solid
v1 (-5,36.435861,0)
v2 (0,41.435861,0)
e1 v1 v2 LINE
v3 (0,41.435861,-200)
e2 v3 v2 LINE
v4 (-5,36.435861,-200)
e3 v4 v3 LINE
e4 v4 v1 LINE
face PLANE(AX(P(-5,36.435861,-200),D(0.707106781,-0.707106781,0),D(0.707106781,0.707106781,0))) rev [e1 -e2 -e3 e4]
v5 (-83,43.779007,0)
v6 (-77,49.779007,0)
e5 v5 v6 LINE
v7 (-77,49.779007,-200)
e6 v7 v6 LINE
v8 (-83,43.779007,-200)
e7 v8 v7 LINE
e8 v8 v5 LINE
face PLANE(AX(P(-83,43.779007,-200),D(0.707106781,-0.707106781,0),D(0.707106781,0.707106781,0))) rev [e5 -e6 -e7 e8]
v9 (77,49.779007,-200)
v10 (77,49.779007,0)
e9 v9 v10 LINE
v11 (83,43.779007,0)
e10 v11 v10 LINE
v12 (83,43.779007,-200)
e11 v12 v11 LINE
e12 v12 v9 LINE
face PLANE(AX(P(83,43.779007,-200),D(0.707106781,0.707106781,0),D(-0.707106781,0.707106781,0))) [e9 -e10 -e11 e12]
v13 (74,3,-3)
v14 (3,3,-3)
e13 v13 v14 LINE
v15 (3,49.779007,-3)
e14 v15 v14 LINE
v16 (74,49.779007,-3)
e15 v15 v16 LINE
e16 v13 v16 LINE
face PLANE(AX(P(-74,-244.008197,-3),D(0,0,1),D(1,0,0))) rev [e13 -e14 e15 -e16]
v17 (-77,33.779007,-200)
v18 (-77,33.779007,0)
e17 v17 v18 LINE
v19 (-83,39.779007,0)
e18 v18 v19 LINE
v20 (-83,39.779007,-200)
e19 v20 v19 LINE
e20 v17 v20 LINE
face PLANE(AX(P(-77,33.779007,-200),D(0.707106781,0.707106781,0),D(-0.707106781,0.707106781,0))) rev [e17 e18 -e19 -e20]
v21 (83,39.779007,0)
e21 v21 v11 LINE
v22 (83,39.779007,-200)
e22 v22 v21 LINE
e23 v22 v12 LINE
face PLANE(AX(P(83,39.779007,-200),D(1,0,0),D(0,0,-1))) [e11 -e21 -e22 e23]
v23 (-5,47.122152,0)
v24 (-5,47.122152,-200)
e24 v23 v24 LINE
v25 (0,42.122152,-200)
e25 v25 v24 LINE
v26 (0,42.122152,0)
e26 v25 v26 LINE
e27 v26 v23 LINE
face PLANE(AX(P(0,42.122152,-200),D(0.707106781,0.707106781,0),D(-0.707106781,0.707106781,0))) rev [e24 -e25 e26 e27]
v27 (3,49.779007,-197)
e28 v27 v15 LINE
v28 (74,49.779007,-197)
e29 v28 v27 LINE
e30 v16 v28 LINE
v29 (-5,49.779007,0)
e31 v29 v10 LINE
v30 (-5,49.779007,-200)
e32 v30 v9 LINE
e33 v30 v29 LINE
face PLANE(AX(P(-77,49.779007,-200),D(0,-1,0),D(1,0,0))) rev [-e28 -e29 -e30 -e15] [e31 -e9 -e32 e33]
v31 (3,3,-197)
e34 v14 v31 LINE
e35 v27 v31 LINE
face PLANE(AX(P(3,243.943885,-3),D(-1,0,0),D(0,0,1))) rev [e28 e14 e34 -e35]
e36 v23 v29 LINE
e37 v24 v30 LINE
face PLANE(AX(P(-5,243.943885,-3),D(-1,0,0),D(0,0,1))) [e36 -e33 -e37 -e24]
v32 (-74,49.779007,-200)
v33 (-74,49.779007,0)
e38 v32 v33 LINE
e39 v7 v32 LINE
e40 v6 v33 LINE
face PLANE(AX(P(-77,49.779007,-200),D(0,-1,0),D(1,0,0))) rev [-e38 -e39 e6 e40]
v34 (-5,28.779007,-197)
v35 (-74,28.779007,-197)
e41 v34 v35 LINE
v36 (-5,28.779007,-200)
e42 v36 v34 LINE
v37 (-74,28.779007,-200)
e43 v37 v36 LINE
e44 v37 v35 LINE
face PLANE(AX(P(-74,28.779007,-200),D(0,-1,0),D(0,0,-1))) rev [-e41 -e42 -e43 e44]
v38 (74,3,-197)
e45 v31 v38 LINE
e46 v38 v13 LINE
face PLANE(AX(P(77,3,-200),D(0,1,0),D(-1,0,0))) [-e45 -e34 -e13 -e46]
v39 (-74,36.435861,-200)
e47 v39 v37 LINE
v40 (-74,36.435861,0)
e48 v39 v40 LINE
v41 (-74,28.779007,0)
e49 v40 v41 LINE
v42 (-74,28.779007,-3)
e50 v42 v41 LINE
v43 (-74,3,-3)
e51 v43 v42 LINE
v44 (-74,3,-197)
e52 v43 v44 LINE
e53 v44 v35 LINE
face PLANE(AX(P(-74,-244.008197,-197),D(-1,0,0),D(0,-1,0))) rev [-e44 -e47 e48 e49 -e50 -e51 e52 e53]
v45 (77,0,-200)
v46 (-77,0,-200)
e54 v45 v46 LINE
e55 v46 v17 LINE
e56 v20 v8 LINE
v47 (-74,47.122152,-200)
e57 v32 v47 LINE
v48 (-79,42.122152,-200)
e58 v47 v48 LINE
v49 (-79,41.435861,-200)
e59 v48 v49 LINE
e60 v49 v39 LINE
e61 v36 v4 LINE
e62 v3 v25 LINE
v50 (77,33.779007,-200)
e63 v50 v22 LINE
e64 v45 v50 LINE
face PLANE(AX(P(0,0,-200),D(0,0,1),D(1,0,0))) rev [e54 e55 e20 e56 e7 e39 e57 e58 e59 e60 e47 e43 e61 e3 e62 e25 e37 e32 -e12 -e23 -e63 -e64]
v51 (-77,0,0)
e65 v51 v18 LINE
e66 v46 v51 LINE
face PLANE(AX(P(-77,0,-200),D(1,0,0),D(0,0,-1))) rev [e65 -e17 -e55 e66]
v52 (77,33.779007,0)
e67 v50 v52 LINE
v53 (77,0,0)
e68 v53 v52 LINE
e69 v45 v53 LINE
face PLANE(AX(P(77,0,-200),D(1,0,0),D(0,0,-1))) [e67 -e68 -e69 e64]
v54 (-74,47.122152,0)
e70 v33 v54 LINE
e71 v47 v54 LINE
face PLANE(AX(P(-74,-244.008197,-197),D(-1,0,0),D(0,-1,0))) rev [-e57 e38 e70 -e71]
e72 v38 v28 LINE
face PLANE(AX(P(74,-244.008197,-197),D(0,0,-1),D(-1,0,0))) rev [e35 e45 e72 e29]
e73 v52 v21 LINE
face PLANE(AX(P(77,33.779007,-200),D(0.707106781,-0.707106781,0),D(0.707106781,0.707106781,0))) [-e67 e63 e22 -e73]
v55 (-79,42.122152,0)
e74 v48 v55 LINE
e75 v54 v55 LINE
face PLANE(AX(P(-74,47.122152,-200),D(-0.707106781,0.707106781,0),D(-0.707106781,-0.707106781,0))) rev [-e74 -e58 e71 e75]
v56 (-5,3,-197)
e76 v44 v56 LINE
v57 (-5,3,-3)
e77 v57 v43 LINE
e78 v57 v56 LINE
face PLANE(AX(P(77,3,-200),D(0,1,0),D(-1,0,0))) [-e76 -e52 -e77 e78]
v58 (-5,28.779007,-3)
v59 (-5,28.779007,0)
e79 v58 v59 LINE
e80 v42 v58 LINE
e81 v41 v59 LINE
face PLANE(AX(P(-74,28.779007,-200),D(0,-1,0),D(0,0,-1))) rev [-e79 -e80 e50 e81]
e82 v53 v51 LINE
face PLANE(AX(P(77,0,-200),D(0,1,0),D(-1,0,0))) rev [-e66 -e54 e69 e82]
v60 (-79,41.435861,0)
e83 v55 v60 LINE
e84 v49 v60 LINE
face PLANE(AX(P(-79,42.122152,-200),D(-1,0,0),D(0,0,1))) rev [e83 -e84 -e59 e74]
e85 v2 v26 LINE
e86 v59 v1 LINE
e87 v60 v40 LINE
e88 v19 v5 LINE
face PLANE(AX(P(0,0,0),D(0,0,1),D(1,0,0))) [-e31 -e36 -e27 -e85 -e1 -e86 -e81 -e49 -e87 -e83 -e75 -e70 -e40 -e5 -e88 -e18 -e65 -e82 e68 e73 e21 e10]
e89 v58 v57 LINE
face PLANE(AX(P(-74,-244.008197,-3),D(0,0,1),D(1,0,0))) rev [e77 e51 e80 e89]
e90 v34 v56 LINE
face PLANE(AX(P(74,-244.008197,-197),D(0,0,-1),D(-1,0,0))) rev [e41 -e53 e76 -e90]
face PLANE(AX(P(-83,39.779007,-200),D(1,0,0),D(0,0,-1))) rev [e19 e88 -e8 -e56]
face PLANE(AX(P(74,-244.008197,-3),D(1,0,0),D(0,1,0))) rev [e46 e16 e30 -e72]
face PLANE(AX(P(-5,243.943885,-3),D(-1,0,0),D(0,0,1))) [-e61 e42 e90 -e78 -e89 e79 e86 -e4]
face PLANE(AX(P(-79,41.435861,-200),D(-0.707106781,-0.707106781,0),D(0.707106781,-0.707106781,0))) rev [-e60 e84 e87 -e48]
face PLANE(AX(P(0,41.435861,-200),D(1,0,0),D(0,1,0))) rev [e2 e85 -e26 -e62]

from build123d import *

# Parameters (mm, degrees)
EXTRUDE_1_DEPTH     = 200
SKETCH_2_W          = 148
SKETCH_2_H          = 194
CUT_EXTRUDE_1_DEPTH = 46.779006664
SKETCH_3_W          = 8
SKETCH_3_H          = 194
EXTRUDE_1_2_DEPTH   = 46.779006664
CUT_EXTRUDE_2_DEPTH = 223.186744664


with BuildPart() as part:
    # 草图1 → Extrude 1 (new body)
    with BuildSketch(Plane.XY):
        Polygon((77, 0), (-77, 0), (-77, 33.779006664), (-83, 39.779006664), (-83, 43.779006664), (-77, 49.779006664), (77, 49.779006664), (83, 43.779006664), (83, 39.779006664), (77, 33.779006664), align=None)
    extrude(amount=-EXTRUDE_1_DEPTH)

    # 草图2 → 切除-拉伸1 (cut)
    with BuildSketch(Plane(origin=(0, 49.779006664, 0), x_dir=(1, 0, 0), z_dir=(0, 1, 0))):
        with Locations((0, 100)):
            Rectangle(SKETCH_2_W, SKETCH_2_H)
    extrude(amount=-CUT_EXTRUDE_1_DEPTH, mode=Mode.SUBTRACT)

    # 草图3 → Extrude 1 2 (add)
    with BuildSketch(Plane(origin=(0, 3, 0), x_dir=(1, 0, 0), z_dir=(0, 1, 0))):
        with Locations((-1, 100)):
            Rectangle(SKETCH_3_W, SKETCH_3_H)
    extrude(amount=EXTRUDE_1_2_DEPTH)

    # 草图4 → 切除-拉伸2 (cut, through all)
    with BuildSketch(Plane.XY):
        Polygon((-74, 49.779006664), (-74, 47.122152414), (-79, 42.122152414), (-79, 41.435860913), (-74, 36.435860913), (-74, 28.779006664), (-5, 28.779006664), (-5, 36.435860913), (0, 41.435860913), (0, 42.122152414), (-5, 47.122152414), (-5, 49.779006664), align=None)
    extrude(amount=-CUT_EXTRUDE_2_DEPTH, mode=Mode.SUBTRACT)


solid = part.part
